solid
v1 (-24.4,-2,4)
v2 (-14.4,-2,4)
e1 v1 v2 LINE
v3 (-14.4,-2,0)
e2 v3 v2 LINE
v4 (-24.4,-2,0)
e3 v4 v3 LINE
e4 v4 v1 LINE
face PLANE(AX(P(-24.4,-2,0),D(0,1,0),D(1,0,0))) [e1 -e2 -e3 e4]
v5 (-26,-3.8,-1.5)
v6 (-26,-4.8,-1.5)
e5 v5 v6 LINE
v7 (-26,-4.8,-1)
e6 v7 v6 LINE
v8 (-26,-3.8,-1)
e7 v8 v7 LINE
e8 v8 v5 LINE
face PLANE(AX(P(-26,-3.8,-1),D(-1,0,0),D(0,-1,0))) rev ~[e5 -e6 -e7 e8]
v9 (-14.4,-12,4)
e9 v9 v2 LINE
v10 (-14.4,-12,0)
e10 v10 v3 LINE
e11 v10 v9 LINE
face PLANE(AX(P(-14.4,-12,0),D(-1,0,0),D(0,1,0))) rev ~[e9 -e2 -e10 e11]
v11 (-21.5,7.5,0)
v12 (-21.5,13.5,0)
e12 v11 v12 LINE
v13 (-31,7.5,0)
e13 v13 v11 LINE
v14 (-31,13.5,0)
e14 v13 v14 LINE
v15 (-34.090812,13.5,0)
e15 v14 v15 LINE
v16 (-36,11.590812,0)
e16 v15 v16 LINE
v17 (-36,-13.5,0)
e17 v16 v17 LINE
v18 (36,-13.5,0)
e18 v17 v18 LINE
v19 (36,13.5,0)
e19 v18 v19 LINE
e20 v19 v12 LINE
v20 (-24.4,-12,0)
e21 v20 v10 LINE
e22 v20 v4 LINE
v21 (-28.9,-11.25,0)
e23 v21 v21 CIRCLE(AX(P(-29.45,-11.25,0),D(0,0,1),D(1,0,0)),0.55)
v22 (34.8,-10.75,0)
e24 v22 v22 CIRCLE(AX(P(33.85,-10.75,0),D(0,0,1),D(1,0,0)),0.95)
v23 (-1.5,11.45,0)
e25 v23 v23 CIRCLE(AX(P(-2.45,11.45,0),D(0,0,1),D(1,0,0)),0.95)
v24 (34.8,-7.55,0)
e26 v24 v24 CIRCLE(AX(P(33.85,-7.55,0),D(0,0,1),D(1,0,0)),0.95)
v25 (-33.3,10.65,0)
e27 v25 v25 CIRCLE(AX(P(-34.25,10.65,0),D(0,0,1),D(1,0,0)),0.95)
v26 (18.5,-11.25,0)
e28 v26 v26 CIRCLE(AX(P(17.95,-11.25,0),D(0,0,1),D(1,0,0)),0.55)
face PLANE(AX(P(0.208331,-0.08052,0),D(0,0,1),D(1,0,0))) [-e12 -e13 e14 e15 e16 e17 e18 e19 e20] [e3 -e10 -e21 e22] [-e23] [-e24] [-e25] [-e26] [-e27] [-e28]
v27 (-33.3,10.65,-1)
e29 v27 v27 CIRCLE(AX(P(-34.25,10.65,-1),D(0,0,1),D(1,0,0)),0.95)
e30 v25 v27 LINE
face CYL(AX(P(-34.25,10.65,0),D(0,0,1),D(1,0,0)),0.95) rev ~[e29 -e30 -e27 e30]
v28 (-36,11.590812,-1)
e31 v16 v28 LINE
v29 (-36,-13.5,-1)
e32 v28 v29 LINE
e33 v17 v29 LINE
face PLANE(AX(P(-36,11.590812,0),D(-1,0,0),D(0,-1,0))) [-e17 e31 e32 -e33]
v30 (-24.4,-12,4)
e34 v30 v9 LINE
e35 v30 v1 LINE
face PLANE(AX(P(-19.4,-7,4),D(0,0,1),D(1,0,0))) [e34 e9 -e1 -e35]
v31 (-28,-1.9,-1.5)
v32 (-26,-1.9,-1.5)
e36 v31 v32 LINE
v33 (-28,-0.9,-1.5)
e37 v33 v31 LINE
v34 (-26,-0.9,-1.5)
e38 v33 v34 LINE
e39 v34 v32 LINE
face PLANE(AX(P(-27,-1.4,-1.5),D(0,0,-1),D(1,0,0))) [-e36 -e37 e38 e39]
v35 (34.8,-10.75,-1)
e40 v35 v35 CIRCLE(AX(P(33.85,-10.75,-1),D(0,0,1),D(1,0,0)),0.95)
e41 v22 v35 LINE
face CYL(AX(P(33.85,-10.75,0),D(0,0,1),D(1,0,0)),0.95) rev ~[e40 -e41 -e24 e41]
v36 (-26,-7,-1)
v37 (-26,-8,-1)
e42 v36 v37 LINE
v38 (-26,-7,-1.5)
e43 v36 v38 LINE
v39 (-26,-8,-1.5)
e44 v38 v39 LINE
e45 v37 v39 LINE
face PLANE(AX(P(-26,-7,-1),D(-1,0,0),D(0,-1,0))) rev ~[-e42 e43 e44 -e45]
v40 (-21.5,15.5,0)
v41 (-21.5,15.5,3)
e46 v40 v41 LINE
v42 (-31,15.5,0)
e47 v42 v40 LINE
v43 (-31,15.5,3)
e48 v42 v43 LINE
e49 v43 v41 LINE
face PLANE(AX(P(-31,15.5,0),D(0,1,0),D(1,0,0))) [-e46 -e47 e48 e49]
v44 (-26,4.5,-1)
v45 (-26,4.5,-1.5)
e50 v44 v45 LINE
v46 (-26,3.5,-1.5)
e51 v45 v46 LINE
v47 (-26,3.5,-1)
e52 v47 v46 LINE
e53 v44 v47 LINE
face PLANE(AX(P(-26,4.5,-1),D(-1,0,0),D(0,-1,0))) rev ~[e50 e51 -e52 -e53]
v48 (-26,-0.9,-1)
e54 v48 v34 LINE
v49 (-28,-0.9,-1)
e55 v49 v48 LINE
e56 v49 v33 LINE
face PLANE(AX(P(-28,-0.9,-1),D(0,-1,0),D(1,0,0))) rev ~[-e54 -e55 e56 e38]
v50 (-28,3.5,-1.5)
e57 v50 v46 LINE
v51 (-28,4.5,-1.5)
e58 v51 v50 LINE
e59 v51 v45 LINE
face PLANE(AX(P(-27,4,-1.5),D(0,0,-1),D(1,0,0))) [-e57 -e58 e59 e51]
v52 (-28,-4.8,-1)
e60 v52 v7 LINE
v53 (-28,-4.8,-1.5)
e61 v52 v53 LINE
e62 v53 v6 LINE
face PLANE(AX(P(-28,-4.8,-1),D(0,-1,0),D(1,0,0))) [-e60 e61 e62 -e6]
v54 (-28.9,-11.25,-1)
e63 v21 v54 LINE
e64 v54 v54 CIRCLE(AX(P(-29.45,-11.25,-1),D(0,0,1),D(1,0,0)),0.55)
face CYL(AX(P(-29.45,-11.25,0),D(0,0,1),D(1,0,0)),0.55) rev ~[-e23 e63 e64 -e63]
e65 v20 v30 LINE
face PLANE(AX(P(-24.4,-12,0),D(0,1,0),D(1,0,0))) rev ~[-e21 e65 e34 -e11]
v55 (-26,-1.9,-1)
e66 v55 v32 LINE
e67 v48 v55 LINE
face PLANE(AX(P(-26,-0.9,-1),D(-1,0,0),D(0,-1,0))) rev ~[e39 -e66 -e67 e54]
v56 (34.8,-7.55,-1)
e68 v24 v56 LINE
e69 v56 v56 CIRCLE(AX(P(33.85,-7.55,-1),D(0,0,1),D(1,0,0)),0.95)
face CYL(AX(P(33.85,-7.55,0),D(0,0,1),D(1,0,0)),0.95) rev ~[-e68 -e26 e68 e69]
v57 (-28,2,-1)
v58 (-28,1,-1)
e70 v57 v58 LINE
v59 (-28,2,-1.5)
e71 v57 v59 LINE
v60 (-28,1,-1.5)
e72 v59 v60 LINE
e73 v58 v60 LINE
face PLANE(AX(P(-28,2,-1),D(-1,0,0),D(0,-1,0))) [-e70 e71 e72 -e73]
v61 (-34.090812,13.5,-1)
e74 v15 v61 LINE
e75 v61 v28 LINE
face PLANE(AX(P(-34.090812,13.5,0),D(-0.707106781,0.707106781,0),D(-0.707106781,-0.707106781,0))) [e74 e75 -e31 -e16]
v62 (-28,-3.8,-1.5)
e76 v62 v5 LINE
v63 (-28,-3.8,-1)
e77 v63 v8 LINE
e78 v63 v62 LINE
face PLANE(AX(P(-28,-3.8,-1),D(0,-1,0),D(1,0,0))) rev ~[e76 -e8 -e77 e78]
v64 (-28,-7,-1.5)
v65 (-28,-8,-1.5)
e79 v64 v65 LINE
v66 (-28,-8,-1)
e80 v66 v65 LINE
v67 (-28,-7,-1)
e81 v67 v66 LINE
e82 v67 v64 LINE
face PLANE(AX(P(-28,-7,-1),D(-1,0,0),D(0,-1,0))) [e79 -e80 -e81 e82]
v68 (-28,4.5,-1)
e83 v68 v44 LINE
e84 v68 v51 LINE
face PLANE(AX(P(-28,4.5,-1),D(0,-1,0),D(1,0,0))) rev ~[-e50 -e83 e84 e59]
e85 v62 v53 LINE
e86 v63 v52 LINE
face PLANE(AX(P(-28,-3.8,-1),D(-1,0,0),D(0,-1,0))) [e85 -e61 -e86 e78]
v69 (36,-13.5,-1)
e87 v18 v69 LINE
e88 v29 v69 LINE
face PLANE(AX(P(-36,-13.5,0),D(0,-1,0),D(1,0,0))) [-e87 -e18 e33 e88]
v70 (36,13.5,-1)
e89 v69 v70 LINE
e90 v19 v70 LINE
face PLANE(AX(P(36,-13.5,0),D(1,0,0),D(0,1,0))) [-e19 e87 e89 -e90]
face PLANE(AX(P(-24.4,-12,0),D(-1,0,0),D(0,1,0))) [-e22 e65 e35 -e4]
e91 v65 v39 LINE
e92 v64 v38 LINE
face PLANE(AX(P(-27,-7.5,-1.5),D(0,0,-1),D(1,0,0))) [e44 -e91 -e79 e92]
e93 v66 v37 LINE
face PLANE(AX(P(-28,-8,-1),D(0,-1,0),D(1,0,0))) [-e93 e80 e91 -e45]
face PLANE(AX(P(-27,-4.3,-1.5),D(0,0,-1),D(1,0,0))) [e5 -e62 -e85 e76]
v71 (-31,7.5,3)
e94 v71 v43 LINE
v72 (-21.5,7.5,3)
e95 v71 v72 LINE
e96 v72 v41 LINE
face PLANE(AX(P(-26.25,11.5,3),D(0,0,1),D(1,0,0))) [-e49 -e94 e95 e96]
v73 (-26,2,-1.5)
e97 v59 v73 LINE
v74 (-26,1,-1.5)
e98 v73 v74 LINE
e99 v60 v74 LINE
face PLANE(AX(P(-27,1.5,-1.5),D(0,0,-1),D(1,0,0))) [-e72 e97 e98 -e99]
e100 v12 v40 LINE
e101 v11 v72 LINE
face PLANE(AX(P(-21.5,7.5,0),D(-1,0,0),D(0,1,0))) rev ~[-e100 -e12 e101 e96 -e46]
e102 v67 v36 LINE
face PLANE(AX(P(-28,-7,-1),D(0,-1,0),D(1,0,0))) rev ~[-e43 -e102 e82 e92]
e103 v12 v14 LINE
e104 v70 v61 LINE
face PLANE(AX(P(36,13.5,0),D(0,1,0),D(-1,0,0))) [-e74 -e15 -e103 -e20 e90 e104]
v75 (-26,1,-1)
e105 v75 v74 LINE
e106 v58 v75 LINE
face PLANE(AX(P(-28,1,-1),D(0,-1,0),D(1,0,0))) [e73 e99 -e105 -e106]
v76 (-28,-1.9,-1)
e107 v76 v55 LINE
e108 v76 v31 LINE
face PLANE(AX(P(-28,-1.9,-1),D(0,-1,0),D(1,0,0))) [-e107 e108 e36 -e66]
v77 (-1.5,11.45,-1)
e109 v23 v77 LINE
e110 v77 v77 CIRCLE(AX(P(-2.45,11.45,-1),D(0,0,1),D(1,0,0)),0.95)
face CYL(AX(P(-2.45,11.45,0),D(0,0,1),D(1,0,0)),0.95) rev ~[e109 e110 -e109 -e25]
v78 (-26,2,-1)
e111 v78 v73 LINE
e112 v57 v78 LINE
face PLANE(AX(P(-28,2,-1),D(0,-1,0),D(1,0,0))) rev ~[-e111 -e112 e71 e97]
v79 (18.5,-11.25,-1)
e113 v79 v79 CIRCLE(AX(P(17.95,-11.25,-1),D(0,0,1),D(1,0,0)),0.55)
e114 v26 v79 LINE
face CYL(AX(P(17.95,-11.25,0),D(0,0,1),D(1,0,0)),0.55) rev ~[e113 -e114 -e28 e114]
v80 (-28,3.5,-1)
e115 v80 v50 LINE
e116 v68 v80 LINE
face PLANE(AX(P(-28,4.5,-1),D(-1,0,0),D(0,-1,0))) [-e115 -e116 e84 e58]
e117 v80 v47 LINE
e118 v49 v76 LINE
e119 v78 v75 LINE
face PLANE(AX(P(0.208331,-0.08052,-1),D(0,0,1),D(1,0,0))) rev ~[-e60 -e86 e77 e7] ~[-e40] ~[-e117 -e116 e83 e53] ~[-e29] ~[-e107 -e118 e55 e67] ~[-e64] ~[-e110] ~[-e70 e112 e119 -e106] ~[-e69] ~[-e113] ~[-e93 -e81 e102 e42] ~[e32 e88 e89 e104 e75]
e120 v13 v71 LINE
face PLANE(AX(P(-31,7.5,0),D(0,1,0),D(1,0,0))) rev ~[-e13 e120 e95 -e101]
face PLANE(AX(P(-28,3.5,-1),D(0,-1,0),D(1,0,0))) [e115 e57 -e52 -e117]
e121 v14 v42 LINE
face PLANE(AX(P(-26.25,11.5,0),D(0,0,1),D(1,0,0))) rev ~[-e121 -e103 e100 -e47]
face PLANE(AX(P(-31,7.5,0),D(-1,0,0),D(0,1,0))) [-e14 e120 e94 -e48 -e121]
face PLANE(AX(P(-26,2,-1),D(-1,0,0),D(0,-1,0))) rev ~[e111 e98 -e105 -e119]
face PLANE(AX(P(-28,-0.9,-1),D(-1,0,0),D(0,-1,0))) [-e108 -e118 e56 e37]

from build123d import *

# Parameters (mm, degrees)
SKETCH_R     = 0.95
SKETCH_R_2   = 0.55
PAD_DEPTH    = 1
SKETCH001_W  = 10
SKETCH001_H  = 10
PAD001_DEPTH = 4
SKETCH002_W  = 2
SKETCH002_H  = 1
PAD002_DEPTH = 0.5
SKETCH006_W  = 9.5
SKETCH006_H  = 8
PAD006_DEPTH = 3


with BuildPart() as part:
    # Sketch → Pad (new body)
    with BuildSketch(Plane.XY):
        Polygon((-36, -13.5), (36, -13.5), (36, 13.5), (-34.090812, 13.5), (-36, 11.590812), align=None)
        with Locations((-34.25, 10.65)):
            Circle(SKETCH_R, mode=Mode.SUBTRACT)
        with Locations((33.85, -7.55)):
            Circle(SKETCH_R, mode=Mode.SUBTRACT)
        with Locations((33.85, -10.75)):
            Circle(SKETCH_R, mode=Mode.SUBTRACT)
        with Locations((-2.45, 11.45)):
            Circle(SKETCH_R, mode=Mode.SUBTRACT)
        with Locations((-29.45, -11.25)):
            Circle(SKETCH_R_2, mode=Mode.SUBTRACT)
        with Locations((17.95, -11.25)):
            Circle(SKETCH_R_2, mode=Mode.SUBTRACT)
    extrude(amount=-PAD_DEPTH)

    # Sketch001 (on Face12 of Pad) → Pad001 (join)
    with BuildSketch(Plane.XY):
        with Locations((-19.4, -7)):
            Rectangle(SKETCH001_W, SKETCH001_H)
    extrude(amount=PAD001_DEPTH)

    # Sketch002 (on Face5 of Pad001) → Pad002 (join)
    with BuildSketch(Plane(origin=(0, 0, -1), x_dir=(1, 0, 0), z_dir=(0, 0, -1))):
        with Locations((-27, 7.5)):
            Rectangle(SKETCH002_W, SKETCH002_H)
        with Locations((-27, 4.3)):
            Rectangle(SKETCH002_W, SKETCH002_H)
        with Locations((-27, 1.4)):
            Rectangle(SKETCH002_W, SKETCH002_H)
        with Locations((-27, -1.5)):
            Rectangle(SKETCH002_W, SKETCH002_H)
        with Locations((-27, -4)):
            Rectangle(SKETCH002_W, SKETCH002_H)
    extrude(amount=PAD002_DEPTH)

    # Sketch006 (on Face4 of Pad002) → Pad006 (join)
    with BuildSketch(Plane.XY):
        with Locations((-26.25, 11.5)):
            Rectangle(SKETCH006_W, SKETCH006_H)
    extrude(amount=PAD006_DEPTH)


solid = part.part
